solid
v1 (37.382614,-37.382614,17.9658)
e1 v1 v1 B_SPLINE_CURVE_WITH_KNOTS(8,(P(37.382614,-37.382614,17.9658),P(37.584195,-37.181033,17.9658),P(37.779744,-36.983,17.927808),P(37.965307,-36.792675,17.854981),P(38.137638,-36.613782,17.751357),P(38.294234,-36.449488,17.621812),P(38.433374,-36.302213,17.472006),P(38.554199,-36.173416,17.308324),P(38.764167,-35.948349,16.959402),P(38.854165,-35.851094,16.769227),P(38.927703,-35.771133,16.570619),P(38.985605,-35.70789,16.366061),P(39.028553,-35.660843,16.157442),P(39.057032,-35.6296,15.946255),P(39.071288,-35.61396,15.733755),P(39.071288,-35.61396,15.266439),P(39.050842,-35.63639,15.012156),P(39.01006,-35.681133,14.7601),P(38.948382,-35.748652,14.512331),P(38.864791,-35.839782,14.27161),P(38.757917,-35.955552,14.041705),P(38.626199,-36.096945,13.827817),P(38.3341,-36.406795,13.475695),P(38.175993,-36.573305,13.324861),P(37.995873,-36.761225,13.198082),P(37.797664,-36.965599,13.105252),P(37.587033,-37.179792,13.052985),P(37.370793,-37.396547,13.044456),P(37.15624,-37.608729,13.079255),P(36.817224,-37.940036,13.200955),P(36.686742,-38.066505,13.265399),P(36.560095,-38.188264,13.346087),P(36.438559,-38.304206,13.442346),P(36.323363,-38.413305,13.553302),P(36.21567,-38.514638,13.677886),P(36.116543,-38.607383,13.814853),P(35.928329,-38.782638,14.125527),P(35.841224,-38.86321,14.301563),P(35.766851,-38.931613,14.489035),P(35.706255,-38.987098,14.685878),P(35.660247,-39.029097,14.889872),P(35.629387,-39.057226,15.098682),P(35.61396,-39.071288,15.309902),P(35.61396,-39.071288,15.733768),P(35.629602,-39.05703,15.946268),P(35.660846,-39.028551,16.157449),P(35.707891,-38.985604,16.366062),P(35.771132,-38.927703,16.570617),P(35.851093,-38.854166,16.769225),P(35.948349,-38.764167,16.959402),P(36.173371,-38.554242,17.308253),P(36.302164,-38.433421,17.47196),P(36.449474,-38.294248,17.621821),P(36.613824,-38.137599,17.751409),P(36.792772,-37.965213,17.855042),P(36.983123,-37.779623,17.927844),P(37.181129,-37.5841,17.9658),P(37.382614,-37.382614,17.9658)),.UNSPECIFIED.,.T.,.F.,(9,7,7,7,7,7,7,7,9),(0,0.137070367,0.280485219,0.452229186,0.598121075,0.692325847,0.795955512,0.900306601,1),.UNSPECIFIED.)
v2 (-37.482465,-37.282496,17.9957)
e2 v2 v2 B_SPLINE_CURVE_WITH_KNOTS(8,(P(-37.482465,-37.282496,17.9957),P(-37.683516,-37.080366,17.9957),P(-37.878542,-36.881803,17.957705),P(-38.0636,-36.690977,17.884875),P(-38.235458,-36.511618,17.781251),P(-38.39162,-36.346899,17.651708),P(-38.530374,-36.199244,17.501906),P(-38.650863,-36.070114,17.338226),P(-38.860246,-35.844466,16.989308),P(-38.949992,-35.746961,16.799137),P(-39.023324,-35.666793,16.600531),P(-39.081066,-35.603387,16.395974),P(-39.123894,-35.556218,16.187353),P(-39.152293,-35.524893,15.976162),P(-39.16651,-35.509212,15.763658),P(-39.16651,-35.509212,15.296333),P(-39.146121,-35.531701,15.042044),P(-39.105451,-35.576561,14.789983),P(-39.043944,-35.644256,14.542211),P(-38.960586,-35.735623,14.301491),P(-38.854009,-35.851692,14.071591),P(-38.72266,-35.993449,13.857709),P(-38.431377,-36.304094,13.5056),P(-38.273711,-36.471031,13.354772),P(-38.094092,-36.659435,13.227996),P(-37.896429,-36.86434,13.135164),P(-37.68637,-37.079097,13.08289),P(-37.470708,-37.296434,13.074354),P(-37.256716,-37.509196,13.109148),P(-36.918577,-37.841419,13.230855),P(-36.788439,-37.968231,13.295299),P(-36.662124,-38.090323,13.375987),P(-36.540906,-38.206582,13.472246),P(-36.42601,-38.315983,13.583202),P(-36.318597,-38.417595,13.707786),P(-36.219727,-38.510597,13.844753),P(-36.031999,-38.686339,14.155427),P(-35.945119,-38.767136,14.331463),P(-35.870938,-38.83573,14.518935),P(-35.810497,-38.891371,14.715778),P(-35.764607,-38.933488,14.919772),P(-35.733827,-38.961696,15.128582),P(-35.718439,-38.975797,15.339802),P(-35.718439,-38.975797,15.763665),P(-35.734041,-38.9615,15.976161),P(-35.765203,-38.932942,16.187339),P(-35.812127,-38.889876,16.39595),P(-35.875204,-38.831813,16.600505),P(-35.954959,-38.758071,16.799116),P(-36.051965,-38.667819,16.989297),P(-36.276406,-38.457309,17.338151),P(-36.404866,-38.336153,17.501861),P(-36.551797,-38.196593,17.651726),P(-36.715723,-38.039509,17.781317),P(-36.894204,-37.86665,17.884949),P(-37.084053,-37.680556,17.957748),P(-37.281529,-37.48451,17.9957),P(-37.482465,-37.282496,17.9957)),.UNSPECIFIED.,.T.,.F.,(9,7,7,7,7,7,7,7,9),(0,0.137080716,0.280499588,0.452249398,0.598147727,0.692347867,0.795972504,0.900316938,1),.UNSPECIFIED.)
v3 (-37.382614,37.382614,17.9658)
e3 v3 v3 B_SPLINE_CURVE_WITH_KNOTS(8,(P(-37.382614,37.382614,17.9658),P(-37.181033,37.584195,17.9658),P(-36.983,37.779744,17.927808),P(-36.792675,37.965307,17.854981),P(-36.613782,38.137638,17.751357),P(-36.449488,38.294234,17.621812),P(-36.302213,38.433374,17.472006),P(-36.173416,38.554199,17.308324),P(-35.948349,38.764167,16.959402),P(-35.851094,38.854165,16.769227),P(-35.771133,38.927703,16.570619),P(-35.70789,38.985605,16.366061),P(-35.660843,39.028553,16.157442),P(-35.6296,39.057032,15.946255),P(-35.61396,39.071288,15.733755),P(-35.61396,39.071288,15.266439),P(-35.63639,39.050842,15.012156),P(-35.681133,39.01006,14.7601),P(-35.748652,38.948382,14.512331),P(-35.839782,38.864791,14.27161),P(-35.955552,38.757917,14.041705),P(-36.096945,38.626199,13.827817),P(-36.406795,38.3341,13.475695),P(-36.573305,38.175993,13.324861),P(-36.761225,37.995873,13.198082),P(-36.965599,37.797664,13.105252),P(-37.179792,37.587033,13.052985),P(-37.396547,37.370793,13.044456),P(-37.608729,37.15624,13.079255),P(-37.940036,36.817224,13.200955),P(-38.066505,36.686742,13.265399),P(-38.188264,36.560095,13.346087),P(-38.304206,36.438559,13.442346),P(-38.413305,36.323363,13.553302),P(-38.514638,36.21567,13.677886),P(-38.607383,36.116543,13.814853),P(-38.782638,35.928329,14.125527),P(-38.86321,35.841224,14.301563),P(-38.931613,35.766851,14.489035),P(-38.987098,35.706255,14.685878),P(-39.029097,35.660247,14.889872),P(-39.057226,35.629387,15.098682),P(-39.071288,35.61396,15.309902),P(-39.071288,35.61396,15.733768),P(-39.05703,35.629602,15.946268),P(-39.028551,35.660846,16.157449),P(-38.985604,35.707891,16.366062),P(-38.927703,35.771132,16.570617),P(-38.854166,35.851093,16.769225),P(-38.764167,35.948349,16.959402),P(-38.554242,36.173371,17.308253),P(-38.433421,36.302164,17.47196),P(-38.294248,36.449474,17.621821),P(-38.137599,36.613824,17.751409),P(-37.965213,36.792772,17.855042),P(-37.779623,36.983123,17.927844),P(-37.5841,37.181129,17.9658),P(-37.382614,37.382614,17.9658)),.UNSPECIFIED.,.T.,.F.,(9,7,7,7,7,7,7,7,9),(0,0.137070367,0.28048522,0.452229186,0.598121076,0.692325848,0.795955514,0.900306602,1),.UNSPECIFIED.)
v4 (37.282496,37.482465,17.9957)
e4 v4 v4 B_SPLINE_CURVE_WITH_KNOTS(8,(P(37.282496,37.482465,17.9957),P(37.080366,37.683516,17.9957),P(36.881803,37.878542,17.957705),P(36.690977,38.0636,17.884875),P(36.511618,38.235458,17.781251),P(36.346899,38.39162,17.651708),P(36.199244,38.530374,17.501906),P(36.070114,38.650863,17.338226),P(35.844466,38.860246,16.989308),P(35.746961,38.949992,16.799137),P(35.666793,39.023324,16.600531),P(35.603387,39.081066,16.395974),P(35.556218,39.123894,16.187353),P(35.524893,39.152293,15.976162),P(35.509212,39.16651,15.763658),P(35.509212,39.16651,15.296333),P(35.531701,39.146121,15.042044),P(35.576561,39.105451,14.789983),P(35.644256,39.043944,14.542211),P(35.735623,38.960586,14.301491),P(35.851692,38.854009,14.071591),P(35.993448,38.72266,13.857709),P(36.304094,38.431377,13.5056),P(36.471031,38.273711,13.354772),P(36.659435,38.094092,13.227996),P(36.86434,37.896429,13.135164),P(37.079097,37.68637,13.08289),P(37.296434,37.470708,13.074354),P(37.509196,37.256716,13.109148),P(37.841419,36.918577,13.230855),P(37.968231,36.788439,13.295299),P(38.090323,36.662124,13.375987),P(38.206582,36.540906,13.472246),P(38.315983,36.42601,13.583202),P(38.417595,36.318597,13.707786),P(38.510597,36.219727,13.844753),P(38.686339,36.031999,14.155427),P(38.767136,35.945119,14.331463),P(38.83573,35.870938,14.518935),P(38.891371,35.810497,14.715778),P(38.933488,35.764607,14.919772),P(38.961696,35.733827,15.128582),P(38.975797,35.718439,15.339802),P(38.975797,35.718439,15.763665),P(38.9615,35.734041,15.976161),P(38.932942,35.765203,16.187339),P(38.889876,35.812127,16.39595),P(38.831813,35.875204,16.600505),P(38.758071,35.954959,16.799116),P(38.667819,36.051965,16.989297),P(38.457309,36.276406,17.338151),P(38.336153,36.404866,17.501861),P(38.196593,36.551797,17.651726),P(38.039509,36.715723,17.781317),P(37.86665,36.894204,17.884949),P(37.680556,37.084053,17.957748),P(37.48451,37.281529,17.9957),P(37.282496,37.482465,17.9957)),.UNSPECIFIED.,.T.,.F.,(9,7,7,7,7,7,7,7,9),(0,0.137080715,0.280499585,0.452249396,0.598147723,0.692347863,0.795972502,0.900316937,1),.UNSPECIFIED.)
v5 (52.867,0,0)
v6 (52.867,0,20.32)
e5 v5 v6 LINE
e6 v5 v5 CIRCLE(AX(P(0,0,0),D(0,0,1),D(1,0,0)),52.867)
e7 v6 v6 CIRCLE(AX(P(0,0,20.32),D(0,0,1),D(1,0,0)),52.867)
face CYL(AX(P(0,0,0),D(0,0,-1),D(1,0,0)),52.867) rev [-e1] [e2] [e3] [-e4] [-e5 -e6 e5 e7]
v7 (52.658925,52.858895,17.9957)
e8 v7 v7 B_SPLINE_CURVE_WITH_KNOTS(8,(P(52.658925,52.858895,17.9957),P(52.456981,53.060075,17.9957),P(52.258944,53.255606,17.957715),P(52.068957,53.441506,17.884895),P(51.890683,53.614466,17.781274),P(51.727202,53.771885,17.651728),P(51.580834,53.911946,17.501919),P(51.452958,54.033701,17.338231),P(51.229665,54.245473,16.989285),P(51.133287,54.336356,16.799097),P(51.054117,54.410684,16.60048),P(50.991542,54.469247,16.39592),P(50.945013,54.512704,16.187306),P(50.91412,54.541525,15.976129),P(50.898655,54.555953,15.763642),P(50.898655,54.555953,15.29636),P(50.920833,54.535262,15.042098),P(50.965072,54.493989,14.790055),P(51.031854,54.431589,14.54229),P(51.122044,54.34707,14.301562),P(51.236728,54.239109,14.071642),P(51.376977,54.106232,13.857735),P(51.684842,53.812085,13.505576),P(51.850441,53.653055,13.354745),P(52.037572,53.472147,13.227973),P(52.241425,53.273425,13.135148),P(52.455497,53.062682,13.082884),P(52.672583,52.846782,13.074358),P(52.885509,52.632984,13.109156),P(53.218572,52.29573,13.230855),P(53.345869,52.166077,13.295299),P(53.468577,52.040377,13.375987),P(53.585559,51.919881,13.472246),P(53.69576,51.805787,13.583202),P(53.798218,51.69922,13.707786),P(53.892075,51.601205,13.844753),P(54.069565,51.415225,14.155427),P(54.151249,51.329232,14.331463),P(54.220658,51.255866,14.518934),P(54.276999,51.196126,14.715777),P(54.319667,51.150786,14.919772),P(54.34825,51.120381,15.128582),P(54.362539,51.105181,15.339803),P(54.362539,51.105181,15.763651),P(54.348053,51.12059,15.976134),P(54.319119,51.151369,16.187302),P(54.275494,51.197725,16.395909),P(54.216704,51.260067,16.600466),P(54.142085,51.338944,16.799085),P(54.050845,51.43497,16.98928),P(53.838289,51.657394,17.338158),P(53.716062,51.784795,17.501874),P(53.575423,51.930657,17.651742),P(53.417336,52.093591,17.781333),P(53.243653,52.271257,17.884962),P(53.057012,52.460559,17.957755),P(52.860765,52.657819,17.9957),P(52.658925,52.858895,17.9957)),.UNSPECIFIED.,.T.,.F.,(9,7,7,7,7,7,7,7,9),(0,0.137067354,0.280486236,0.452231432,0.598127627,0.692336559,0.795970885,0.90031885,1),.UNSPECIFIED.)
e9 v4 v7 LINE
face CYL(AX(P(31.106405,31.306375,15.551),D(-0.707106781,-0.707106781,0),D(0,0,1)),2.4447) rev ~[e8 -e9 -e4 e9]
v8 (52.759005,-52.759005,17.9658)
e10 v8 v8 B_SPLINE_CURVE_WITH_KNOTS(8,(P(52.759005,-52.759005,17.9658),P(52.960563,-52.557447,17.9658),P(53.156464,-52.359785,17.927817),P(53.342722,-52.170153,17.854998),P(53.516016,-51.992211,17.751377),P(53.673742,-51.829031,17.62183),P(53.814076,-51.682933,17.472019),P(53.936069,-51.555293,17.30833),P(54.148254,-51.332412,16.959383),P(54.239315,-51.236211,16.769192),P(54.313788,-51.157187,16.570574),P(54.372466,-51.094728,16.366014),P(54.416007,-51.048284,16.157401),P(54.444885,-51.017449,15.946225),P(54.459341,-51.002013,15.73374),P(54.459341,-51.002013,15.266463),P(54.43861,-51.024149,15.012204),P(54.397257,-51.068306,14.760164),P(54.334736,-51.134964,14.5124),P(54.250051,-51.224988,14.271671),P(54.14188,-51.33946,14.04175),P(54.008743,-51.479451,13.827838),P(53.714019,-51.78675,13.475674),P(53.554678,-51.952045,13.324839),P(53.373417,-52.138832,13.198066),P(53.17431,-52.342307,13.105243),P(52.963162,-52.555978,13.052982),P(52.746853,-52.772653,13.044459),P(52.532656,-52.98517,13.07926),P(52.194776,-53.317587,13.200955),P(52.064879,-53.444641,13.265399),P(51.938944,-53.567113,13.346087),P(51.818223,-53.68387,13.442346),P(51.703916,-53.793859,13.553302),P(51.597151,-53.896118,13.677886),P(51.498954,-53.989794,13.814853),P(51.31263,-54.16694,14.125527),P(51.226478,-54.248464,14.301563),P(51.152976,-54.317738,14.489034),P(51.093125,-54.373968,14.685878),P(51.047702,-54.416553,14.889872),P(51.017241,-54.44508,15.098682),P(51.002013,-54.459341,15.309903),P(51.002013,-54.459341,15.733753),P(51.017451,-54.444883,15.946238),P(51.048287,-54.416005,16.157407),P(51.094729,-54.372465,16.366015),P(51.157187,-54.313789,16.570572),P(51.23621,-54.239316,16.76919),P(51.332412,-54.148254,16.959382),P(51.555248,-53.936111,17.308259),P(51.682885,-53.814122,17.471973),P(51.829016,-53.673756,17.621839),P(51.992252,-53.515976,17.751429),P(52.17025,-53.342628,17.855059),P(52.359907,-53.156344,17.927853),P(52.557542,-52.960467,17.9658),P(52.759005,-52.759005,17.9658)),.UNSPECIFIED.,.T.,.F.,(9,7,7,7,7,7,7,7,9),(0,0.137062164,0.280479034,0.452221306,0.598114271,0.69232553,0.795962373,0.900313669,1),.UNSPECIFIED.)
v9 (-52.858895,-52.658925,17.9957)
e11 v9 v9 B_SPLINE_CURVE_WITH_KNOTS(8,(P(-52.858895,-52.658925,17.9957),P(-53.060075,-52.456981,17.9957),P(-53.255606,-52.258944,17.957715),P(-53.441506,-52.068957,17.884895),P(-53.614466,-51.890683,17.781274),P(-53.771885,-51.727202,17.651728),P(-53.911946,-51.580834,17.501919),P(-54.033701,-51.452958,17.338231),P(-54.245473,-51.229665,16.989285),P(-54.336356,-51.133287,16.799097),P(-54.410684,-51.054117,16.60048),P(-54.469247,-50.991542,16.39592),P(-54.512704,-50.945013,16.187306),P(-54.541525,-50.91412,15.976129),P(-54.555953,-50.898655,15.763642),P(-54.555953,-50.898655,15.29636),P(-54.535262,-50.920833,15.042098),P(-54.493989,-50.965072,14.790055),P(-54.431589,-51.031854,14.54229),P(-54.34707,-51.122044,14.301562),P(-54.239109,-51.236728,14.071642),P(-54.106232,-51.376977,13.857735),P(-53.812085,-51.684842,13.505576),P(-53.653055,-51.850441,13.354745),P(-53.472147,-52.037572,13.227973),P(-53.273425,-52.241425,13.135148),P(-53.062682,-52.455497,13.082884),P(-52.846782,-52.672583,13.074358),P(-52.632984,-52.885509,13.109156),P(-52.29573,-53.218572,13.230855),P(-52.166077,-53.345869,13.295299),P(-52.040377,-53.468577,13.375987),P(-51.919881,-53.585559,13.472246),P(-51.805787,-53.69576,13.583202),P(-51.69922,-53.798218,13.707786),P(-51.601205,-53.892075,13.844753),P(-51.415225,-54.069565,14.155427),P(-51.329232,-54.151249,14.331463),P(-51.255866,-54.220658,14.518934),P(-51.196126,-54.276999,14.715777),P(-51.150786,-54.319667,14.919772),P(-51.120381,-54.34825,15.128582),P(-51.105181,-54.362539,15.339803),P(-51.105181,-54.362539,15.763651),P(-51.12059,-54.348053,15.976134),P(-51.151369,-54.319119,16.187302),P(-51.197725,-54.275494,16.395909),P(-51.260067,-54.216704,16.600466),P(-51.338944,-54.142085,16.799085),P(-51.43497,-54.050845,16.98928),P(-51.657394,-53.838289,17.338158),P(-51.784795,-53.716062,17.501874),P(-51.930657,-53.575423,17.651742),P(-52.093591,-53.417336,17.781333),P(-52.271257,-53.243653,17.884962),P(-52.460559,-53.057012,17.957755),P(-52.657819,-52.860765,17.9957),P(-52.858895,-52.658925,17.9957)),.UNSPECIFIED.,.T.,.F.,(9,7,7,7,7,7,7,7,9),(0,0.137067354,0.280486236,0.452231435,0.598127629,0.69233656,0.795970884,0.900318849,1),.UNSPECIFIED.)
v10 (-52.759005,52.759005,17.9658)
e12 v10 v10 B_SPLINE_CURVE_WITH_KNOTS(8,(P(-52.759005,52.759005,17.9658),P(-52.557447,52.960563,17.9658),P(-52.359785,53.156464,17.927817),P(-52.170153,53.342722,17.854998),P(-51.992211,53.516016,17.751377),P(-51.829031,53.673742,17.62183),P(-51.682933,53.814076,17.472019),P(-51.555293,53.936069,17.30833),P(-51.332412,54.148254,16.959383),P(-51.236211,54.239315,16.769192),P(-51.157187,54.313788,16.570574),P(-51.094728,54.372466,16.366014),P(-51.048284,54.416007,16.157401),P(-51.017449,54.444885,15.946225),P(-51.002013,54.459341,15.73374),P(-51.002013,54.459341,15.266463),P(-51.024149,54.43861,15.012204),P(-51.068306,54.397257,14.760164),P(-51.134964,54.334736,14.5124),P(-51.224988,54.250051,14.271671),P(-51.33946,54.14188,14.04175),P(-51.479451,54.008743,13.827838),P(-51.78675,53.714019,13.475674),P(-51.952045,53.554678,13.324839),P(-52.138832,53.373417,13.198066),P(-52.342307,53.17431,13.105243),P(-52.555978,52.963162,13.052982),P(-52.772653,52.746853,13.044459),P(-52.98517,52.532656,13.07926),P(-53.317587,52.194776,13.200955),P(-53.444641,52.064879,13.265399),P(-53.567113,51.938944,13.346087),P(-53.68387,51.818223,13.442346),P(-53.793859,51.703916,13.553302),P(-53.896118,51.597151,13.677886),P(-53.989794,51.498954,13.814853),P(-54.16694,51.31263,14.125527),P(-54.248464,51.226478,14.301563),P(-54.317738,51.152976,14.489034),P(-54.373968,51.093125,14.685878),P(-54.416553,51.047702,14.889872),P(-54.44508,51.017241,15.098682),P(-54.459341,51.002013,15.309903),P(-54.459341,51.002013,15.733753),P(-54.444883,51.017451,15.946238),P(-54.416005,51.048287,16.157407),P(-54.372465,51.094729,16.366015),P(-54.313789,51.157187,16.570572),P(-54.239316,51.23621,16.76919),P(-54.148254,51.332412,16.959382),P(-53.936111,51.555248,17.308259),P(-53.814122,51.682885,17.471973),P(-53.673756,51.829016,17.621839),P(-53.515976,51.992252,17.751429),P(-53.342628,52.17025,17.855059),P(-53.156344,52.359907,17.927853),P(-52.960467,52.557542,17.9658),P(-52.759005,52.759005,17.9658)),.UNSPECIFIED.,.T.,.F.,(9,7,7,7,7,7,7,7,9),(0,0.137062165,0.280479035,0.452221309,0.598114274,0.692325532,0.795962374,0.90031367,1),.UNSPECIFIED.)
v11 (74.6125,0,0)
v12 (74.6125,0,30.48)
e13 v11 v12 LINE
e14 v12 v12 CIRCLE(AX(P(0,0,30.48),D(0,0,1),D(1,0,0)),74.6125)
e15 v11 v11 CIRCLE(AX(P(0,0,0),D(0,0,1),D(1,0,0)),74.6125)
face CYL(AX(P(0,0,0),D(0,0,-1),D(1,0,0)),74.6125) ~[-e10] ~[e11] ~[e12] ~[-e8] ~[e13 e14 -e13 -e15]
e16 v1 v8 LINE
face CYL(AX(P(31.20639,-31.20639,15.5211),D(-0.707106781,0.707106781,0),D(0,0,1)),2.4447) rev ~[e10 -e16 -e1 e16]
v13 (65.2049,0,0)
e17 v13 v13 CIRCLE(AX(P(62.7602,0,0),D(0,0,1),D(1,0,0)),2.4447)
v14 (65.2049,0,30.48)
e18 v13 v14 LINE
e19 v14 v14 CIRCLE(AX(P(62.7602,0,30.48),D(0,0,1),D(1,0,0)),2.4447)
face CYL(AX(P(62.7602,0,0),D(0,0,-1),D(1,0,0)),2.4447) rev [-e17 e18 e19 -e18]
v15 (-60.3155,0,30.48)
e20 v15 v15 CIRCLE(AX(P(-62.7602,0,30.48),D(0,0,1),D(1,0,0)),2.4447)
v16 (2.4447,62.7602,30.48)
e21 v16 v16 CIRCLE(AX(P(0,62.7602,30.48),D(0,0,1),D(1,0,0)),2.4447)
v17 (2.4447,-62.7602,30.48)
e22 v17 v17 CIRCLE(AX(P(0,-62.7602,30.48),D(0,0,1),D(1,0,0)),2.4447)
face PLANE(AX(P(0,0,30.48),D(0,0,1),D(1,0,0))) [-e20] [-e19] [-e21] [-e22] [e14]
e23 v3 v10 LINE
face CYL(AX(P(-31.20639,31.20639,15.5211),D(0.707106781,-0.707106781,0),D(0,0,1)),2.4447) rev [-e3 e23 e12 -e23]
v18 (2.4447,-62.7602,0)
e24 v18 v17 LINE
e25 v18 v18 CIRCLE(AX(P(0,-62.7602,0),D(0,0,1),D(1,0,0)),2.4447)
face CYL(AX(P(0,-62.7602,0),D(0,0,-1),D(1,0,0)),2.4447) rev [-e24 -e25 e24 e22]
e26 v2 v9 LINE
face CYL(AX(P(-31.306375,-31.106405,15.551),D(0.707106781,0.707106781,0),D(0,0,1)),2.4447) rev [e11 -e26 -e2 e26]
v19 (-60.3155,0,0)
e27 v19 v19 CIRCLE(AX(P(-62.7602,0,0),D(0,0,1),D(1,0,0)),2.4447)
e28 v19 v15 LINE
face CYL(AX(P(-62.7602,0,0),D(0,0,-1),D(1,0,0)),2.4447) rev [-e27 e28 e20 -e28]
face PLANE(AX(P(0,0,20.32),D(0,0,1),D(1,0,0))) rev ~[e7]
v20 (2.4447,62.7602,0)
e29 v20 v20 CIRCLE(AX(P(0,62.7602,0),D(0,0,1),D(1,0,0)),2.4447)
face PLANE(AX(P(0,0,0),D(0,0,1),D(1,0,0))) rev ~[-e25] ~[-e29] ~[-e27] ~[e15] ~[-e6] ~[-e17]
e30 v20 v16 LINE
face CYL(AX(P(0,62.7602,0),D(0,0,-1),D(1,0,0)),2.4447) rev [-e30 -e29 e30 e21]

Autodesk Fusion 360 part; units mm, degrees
sketch "Sketch1" plane through (0, 0, 0) normal (0, 0, 1) x (1, 0, 0)
  circle A0 centre (0, 0) radius 74.6125
  circle A1 centre (0, 62.7602) radius 2.4447
  line L0 (0, 74.6125) -> (0, -74.6125) construction
  line L1 (-74.6125, 0) -> (74.6125, 0) construction
  circle A2 centre (0, -62.7602) radius 2.4447
  circle A3 centre (-62.7602, 0) radius 2.4447
  circle A4 centre (62.7602, 0) radius 2.4447
  circle A5 centre (0, 0) radius 52.867
  dimension "d1" = 149.225
  dimension "d2" = 4.8895
  dimension "d3" = 4.8895
  dimension "d4" = 62.7602
  dimension "d5" = 62.7602
extrude "Extrude1" add sketch "Sketch1" along normal blind 30.48 contours A0 | A1 | A2 | A3 | A4 | A5
extrude "Extrude2" cut sketch "Sketch1" along normal blind 30.48 contours A1 | A2 | A3 | A4
ref_plane "WorkPlane1" through (0, 0, 12.125) normal (-0.7071, 0.7071, 0) x (0, 0, 1)
sketch "Sketch3" plane through (0, 0, 0) normal (-0.7071, 0.7071, 0) x (0, 0, 1)
  circle A0 centre (15.5211, 0) radius 2.4447
  dimension "d12" = 4.8895
  dimension "d29" = 15.5211
extrude "Extrude3" cut sketch "Sketch3" along normal blind 63.5 from surface at 44.1325
extrude "Extrude4" cut sketch "Sketch3" against normal blind 63.5 from surface at -44.1325
ref_plane "WorkPlane2" through (0, 0, 12.125) normal (-0.7071, -0.7071, 0) x (0, 0, 1)
sketch "Sketch4" plane through (0, 0, 0) normal (-0.7071, -0.7071, 0) x (0, 0, 1)
  circle A0 centre (15.551, 0.1414) radius 2.4447
  dimension "d20" = 4.8895
extrude "Extrude5" cut sketch "Sketch4" along normal blind 63.5 from surface at 44.1325
extrude "Extrude6" cut sketch "Sketch4" against normal blind 63.5 from surface at -44.1325
extrude "Extrude7" cut sketch "Sketch1" along normal blind 20.32 contours A5
